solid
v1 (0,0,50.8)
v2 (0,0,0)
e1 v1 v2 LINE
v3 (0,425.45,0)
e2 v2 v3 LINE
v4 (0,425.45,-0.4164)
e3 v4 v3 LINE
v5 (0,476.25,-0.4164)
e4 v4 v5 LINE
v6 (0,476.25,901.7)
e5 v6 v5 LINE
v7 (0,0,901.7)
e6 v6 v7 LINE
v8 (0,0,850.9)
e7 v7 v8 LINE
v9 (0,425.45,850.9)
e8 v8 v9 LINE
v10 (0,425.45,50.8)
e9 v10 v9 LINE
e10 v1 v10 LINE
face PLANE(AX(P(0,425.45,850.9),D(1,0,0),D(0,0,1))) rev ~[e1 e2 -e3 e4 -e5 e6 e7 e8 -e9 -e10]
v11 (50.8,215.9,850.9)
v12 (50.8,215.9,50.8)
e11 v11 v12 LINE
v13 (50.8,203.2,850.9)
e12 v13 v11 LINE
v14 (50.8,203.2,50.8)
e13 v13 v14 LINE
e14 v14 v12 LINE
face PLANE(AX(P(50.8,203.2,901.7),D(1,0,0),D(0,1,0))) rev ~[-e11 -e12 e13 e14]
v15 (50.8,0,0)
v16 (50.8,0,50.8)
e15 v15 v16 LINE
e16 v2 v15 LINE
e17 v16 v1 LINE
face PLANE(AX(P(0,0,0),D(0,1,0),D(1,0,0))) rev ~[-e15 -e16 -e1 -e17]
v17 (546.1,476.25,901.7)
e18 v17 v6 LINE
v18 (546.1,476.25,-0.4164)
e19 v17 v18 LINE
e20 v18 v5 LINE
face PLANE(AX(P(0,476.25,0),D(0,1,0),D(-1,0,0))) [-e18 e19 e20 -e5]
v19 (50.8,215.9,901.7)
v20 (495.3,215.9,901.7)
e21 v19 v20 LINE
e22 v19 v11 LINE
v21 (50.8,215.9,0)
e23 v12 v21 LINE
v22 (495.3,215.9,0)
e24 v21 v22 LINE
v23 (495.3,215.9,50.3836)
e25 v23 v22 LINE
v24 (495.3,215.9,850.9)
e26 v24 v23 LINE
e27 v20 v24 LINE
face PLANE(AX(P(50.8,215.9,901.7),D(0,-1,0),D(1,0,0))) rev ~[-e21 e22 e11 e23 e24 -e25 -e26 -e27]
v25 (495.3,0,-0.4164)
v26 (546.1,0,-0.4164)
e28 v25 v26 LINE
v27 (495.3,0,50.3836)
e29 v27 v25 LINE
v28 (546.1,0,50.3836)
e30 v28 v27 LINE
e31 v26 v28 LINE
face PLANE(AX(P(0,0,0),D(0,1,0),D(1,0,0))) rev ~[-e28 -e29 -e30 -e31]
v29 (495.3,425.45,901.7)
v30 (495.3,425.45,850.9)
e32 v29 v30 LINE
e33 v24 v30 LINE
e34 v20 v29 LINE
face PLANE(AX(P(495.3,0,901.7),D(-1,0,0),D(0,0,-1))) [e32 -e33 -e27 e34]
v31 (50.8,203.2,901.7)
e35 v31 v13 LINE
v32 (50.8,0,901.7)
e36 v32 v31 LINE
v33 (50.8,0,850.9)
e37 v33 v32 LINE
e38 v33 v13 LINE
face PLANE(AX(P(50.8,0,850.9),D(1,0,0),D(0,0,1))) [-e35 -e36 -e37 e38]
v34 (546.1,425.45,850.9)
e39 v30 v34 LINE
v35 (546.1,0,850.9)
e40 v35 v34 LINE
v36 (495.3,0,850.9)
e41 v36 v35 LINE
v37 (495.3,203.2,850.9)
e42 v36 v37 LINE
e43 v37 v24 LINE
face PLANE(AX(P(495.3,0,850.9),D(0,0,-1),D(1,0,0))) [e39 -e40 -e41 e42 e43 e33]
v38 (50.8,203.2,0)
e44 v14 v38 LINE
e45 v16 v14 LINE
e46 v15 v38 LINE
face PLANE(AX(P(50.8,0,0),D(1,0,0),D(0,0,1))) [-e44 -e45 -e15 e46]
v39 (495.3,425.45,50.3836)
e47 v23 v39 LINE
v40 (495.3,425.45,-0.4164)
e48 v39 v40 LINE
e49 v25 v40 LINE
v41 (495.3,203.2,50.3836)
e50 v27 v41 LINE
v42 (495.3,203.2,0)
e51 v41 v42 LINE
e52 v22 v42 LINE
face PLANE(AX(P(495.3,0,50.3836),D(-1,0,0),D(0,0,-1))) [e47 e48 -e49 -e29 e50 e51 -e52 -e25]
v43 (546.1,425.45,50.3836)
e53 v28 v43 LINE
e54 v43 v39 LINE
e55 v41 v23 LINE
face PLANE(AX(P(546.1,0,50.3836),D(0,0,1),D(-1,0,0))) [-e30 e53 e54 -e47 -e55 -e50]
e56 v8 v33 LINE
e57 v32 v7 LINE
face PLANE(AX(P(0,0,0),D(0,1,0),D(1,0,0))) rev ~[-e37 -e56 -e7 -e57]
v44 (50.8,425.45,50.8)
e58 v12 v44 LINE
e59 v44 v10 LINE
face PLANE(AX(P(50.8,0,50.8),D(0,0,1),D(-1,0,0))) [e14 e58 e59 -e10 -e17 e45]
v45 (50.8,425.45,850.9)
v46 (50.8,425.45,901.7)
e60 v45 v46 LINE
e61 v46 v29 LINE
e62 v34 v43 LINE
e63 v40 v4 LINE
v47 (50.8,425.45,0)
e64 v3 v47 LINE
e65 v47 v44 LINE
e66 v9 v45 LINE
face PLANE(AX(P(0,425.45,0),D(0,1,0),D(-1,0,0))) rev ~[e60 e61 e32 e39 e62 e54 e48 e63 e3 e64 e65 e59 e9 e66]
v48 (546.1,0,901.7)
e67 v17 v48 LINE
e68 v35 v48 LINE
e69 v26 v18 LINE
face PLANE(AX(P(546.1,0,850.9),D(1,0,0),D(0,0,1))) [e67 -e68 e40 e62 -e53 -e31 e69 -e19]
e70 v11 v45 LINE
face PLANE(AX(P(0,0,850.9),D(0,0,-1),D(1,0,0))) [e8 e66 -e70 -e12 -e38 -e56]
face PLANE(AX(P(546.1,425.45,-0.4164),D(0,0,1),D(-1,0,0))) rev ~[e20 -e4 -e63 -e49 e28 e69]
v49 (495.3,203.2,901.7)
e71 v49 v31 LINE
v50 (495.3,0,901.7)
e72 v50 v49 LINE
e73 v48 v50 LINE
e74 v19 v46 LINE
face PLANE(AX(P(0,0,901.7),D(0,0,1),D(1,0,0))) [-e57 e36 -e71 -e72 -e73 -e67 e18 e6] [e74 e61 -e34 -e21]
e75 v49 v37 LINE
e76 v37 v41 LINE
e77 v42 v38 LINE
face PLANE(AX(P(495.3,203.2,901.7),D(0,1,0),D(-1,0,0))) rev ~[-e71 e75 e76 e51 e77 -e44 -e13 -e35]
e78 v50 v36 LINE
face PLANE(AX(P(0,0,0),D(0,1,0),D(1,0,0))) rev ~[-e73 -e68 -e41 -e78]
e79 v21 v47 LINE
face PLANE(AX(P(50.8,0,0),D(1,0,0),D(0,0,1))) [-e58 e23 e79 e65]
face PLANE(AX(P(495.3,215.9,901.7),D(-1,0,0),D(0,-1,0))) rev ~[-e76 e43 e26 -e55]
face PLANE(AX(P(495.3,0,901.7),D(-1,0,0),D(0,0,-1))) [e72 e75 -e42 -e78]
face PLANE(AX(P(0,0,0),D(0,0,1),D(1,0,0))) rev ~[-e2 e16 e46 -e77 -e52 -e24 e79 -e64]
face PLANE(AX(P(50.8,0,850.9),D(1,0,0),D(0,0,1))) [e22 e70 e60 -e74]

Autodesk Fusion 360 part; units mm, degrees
sketch "Sketch1" plane through (0, 0, 0) normal (0, 1, 0) x (1, 0, 0)
  line L0 (0, 0) -> (50.8, 0)
  line L1 (50.8, 0) -> (50.8, -50.8)
  line L2 (50.8, -50.8) -> (0, -50.8)
  line L3 (0, -50.8) -> (0, 0)
  line L4 (0, -850.9) -> (50.8, -850.9)
  line L5 (50.8, -850.9) -> (50.8, -901.7)
  line L6 (50.8, -901.7) -> (0, -901.7)
  line L7 (0, -901.7) -> (0, -850.9)
  line L8 (0, -50.8) -> (0, 0)
  line L9 (50.8, 0) -> (50.8, -50.8)
  line L10 (0, 0) -> (50.8, 0)
  line L11 (50.8, -50.8) -> (0, -50.8)
  line L12 (546.1, -50.3836) -> (495.3, -50.3836)
  line L13 (546.1, 0.4164) -> (546.1, -50.3836)
  line L14 (495.3, 0.4164) -> (546.1, 0.4164)
  line L15 (495.3, -50.3836) -> (495.3, 0.4164)
  line L16 (495.3, -850.9) -> (546.1, -850.9)
  line L17 (546.1, -850.9) -> (546.1, -901.7)
  line L18 (546.1, -901.7) -> (495.3, -901.7)
  line L19 (495.3, -901.7) -> (495.3, -850.9)
  dimension "d1" = 50.8
  dimension "d2" = 50.8
  dimension "d3" = 50.8
  dimension "d4" = 50.8
  dimension "d5" = 800.1
  dimension "d6" = 50.8
  dimension "d7" = 50.8
  dimension "d8" = 50.8
  dimension "d9" = 50.8
  dimension "d10" = 444.5
  dimension "d11" = 50.8
  dimension "d12" = 50.8
extrude "Extrude1" add sketch "Sketch1" along normal blind 425.45 makes body 1 at (512.2333, 141.8167, 850.9) makes body 2 at (529.1667, 141.8167, 50.3836) makes body 3 at (16.9333, 141.8167, 850.9) makes body 4 at (16.9333, 141.8167, 0)
sketch "Sketch2" plane through (0, 425.45, 0) normal (0, 1, 0) x (-1, 0, 0)
  line L0 (0, 901.7) -> (-50.8, 901.7)
  line L1 (-50.8, 901.7) -> (-50.8, 850.9)
  line L2 (-50.8, 850.9) -> (0, 850.9)
  line L3 (0, 850.9) -> (0, 901.7)
  line L4 (0, 901.7) -> (-546.1, 901.7)
  line L5 (-546.1, 901.7) -> (-546.1, -0.4164)
  line L6 (-546.1, -0.4164) -> (0, -0.4164)
  line L7 (0, -0.4164) -> (0, 901.7)
  point P0 (-546.1, -0.4164)
extrude "Extrude2" add sketch "Sketch2" along normal blind 50.8 bodies 1 2 3 4
sketch "Sketch3" plane through (0, 0, 901.7) normal (0, 0, 1) x (1, 0, 0)
  line L0 (495.3, 0) -> (546.1, 0)
  line L1 (546.1, 0) -> (546.1, 476.25)
  line L2 (546.1, 476.25) -> (0, 476.25)
  line L3 (0, 476.25) -> (0, 0)
  line L4 (0, 0) -> (50.8, 0)
  line L5 (50.8, 0) -> (50.8, 425.45)
  line L6 (50.8, 425.45) -> (495.3, 425.45)
  line L7 (495.3, 425.45) -> (495.3, 0)
  line L8 (50.8, 215.9) -> (495.3, 215.9)
  line L9 (495.3, 215.9) -> (495.3, 203.2)
  line L10 (495.3, 203.2) -> (50.8, 203.2)
  line L11 (50.8, 203.2) -> (50.8, 215.9)
  dimension "d22" = 444.5
  dimension "d23" = 12.7
  dimension "d24" = 203.2
extrude "Extrude3" add sketch "Sketch3" against normal blind 901.7 contours L5 L7 L8 L9 L10 L11 bodies 1
